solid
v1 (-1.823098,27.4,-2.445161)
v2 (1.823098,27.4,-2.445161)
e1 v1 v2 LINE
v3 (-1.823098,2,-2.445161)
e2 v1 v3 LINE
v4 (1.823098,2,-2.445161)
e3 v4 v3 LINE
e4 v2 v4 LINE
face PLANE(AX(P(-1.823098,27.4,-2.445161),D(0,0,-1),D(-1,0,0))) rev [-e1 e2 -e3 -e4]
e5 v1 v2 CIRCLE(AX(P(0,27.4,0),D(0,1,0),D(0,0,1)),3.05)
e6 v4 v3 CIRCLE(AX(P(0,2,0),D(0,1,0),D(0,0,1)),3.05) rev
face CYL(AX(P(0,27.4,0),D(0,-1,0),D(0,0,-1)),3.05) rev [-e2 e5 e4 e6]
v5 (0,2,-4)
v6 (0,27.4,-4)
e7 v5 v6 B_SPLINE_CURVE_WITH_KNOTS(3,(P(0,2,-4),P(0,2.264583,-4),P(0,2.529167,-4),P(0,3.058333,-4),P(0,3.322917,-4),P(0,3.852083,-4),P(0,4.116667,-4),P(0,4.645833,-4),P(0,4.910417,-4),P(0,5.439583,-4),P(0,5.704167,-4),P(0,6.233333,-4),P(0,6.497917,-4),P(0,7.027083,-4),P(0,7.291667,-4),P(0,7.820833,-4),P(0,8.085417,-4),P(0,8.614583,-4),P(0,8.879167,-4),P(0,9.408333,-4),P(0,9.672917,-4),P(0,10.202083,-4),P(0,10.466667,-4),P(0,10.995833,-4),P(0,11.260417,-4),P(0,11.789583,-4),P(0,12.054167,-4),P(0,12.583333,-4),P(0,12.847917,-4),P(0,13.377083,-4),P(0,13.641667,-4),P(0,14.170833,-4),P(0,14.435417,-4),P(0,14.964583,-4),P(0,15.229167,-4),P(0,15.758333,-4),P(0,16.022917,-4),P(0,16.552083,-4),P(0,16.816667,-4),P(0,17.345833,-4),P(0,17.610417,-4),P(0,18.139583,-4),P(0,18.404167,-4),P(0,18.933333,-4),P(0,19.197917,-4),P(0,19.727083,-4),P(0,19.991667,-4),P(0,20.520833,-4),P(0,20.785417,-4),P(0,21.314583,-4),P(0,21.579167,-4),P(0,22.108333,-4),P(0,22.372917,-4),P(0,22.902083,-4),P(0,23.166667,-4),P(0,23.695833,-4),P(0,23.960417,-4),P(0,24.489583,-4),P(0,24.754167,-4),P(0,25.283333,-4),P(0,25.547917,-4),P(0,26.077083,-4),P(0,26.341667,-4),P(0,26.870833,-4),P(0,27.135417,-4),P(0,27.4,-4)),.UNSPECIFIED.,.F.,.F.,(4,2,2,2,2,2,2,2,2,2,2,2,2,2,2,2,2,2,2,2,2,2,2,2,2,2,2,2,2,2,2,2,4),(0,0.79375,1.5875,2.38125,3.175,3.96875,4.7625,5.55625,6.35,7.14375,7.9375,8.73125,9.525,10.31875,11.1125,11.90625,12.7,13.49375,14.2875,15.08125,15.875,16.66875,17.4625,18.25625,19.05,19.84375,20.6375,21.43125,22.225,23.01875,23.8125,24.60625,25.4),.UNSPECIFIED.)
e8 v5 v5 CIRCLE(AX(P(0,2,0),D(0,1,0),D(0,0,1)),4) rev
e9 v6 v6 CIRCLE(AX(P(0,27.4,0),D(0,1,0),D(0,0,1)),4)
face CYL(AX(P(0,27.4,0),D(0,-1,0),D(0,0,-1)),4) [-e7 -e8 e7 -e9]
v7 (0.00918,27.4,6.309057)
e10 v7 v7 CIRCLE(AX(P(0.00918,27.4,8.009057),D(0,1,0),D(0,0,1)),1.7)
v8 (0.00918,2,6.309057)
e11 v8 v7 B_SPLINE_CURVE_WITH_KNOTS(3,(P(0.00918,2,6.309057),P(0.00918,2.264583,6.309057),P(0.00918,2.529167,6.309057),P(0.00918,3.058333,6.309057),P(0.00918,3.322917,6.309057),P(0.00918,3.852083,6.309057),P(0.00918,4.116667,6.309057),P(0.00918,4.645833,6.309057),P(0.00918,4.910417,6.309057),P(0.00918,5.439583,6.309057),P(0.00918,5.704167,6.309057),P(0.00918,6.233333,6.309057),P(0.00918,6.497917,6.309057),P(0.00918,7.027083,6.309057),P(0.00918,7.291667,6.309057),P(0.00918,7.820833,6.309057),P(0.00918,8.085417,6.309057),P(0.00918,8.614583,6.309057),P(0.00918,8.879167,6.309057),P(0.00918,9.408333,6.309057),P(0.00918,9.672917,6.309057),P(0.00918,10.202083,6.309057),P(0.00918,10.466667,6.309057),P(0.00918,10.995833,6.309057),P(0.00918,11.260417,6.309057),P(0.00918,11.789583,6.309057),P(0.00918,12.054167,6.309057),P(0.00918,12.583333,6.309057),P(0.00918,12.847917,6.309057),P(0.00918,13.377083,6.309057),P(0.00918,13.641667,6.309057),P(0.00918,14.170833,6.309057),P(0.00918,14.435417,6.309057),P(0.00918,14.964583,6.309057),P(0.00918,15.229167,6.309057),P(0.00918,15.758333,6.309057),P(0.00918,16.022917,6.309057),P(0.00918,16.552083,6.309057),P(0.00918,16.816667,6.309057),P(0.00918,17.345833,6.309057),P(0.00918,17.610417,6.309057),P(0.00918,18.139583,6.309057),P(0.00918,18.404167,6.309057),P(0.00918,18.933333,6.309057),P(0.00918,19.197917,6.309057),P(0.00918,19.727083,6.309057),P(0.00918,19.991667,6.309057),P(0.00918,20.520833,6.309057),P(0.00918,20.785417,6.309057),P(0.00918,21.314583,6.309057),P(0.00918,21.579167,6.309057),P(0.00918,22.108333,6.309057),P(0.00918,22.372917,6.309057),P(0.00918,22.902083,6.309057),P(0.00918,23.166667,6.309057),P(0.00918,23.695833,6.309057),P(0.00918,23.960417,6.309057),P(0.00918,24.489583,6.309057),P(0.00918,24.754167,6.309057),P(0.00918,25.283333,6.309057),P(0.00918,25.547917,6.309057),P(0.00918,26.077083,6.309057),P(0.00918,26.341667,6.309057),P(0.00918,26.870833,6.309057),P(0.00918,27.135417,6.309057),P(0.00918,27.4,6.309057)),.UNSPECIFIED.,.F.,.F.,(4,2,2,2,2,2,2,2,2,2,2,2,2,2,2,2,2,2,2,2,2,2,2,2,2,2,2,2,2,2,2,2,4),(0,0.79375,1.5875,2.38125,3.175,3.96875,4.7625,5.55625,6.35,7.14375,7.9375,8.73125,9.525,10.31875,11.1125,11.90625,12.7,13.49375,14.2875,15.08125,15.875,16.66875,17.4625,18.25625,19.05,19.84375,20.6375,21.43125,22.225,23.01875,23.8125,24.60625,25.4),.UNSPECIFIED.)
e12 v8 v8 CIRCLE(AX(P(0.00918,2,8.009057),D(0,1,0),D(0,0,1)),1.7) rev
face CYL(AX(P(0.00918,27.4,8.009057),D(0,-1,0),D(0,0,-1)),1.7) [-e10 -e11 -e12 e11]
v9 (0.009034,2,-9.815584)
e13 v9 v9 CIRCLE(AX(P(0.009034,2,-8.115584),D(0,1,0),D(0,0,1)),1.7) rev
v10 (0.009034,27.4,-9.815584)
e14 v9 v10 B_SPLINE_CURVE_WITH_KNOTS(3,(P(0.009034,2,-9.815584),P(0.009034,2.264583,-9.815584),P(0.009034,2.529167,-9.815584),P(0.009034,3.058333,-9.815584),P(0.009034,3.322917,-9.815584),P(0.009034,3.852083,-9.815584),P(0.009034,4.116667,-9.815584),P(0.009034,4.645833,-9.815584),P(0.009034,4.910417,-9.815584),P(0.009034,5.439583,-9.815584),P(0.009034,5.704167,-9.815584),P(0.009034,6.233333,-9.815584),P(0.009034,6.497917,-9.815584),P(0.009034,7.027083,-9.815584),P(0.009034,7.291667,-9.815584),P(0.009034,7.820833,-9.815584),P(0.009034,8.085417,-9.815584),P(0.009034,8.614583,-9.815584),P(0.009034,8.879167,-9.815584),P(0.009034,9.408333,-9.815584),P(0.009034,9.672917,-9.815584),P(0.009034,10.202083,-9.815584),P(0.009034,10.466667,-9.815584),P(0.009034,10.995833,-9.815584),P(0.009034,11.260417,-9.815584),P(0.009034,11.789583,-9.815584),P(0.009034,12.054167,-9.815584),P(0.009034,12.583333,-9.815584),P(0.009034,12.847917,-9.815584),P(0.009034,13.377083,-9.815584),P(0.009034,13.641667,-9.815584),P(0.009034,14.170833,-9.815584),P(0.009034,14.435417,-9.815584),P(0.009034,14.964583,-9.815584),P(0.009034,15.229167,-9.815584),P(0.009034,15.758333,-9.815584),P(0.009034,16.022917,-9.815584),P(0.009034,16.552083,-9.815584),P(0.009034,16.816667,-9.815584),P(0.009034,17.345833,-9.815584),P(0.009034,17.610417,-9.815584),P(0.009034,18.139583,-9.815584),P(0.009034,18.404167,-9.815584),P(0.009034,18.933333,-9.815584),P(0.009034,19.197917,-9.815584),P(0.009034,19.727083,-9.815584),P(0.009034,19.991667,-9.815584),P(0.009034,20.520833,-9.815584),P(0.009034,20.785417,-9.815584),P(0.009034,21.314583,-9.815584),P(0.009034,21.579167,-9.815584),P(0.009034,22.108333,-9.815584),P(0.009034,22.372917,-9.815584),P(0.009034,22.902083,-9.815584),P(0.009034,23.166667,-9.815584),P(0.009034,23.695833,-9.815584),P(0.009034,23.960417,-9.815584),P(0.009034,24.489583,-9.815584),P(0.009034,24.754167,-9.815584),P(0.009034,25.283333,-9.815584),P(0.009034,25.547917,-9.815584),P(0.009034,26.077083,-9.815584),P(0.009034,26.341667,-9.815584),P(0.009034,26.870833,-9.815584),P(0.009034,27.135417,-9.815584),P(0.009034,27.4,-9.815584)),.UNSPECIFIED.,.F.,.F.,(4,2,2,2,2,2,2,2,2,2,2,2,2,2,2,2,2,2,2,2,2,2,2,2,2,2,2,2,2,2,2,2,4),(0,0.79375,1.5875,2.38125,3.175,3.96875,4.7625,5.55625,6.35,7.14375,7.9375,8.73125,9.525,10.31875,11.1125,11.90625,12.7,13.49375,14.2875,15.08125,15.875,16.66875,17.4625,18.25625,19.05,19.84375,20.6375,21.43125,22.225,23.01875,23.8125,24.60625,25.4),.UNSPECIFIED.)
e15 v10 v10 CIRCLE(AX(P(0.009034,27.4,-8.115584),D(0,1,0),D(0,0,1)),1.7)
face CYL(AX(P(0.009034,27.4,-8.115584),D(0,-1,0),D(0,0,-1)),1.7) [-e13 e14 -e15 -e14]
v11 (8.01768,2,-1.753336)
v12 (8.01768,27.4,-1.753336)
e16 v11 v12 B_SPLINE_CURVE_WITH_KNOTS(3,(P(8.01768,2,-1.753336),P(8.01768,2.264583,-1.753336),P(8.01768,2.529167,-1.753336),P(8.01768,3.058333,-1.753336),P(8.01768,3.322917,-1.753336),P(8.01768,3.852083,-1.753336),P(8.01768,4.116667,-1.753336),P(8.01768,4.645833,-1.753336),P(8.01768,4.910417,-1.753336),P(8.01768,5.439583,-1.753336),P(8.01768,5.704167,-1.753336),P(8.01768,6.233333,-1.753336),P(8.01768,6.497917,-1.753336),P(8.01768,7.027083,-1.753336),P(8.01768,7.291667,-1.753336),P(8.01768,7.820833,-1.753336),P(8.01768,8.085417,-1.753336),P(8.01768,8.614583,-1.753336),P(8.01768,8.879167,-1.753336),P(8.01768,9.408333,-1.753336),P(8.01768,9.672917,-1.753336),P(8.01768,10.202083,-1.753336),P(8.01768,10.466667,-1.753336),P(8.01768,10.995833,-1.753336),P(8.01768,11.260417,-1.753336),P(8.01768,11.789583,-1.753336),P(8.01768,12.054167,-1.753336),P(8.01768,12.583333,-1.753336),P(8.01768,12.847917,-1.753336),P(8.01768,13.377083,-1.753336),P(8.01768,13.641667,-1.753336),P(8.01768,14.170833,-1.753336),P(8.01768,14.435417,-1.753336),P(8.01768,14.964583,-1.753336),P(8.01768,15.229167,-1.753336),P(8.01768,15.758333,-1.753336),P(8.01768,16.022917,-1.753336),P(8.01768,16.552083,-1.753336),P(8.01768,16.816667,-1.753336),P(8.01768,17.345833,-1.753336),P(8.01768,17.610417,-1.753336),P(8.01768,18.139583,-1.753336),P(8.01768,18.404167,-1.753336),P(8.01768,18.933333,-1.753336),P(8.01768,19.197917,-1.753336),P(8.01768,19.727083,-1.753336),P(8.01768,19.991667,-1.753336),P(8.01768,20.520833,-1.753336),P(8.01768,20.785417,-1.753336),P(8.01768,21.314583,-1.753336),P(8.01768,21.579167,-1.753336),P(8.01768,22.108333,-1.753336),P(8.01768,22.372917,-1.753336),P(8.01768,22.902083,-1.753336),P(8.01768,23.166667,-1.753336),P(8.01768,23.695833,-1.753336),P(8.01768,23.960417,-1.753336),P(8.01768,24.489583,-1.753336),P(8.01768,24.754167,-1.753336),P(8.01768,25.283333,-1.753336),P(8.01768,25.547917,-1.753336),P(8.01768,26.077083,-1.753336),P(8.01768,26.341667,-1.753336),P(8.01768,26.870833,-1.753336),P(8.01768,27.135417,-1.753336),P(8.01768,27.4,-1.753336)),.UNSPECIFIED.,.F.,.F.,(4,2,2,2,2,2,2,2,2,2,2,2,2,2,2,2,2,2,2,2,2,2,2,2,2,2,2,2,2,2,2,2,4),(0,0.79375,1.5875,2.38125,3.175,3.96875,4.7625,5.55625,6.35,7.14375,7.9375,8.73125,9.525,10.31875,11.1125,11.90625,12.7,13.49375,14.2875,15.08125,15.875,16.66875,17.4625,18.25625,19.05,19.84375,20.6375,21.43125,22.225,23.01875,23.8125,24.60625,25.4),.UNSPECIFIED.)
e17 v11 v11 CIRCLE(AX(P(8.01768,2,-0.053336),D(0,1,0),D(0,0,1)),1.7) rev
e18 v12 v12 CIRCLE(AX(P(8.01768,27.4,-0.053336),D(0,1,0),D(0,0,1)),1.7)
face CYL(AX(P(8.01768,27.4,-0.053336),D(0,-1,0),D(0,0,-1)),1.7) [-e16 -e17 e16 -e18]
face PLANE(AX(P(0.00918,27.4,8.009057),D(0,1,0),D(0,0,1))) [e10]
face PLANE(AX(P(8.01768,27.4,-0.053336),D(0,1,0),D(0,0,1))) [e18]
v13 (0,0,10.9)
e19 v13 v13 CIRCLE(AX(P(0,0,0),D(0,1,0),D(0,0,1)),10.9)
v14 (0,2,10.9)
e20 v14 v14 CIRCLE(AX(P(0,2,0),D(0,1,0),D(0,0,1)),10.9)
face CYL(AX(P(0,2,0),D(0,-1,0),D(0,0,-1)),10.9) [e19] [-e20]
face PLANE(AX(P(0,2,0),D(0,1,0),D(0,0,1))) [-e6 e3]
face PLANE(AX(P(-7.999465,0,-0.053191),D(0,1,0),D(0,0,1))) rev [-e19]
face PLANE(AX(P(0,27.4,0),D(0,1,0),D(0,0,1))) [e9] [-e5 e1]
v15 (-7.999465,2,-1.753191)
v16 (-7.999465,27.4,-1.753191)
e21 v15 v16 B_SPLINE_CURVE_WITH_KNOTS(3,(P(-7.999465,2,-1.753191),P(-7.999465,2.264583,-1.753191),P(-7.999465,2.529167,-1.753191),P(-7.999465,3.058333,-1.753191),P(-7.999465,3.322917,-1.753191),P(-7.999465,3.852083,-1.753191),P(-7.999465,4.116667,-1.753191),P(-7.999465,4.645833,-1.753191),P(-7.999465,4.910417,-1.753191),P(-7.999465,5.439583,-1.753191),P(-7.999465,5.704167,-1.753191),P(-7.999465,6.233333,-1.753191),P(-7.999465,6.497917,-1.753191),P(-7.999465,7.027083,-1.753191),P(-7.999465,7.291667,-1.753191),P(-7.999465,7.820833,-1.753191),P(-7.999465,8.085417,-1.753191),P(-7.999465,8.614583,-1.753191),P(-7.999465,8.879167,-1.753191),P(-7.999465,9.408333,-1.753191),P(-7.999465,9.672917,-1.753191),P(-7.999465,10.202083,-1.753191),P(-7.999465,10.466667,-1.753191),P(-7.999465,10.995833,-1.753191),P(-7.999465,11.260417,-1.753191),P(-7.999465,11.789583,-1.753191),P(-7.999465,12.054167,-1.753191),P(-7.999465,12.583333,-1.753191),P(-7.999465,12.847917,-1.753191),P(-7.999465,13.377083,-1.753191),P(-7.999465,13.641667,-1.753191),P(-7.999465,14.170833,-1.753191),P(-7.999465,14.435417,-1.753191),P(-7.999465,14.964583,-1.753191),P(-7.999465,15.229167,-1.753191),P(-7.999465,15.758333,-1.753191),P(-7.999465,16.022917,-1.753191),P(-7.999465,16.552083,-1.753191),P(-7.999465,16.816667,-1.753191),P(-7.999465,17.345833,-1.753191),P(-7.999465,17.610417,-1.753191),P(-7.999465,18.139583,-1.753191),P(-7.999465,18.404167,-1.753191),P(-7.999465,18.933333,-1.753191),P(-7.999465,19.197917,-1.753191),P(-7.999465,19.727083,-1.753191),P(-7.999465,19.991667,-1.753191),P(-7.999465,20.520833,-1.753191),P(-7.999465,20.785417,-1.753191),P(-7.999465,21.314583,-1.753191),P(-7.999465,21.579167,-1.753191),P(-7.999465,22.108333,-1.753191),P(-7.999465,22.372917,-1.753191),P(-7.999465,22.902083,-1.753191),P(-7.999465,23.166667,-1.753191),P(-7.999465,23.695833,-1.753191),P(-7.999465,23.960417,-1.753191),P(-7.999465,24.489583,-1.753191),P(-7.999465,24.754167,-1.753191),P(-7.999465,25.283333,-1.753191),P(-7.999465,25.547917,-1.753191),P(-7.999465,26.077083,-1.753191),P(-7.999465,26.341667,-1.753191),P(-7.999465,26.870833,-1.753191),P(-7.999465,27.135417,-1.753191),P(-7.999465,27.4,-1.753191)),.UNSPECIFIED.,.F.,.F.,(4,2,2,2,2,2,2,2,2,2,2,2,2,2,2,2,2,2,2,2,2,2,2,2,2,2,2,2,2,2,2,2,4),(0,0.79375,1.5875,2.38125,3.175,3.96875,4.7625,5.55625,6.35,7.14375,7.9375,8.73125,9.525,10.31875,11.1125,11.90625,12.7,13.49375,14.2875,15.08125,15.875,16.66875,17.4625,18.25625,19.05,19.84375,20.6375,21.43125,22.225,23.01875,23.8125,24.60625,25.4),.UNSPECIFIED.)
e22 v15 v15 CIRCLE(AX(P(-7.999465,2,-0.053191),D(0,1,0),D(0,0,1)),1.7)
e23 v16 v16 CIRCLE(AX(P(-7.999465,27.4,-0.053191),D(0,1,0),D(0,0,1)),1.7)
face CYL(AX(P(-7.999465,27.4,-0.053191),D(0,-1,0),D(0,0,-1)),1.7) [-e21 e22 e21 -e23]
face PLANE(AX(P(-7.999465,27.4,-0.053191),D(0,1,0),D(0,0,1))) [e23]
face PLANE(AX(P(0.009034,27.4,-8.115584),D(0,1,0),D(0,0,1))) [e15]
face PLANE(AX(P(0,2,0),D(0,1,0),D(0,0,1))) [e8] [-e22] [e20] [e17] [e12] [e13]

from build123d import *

# Parameters (mm, degrees)
SKETCH3_R             = 1.7
BOSS_EXTRUDE1_DEPTH   = 27.4
BOSS_EXTRUDE1_2_DEPTH = 27.4
BOSS_EXTRUDE1_3_DEPTH = 27.4
BOSS_EXTRUDE1_4_DEPTH = 27.4
SKETCH3_R_2           = 4
BOSS_EXTRUDE1_5_DEPTH = 27.4
SKETCH3_17_R          = 10.9
BOSS_EXTRUDE2_DEPTH   = 2


with BuildPart() as part:
    # Sketch3 → Boss-Extrude1 (new body)
    with BuildSketch(Plane(origin=(0, 0, 0), x_dir=(1, 0, 0), z_dir=(0, 1, 0))):
        with Locations(Location((0.009034474, 8.115584077, 0), (0, 0, 90))):
            Circle(SKETCH3_R)
    extrude(amount=BOSS_EXTRUDE1_DEPTH)



with BuildPart() as body_2:
    # Sketch3 → Boss-Extrude1 2 (new body)
    with BuildSketch(Plane(origin=(0, 0, 0), x_dir=(1, 0, 0), z_dir=(0, 1, 0))):
        with Locations(Location((8.017679827, 0.053335715, 0), (0, 0, 90))):
            Circle(SKETCH3_R)
    extrude(amount=BOSS_EXTRUDE1_2_DEPTH)


with BuildPart() as body_3:
    # Sketch3 → Boss-Extrude1 3 (new body)
    with BuildSketch(Plane(origin=(0, 0, 0), x_dir=(1, 0, 0), z_dir=(0, 1, 0))):
        with Locations(Location((0.009179949, -8.009057152, 0), (0, 0, 90))):
            Circle(SKETCH3_R)
    extrude(amount=BOSS_EXTRUDE1_3_DEPTH)


with BuildPart() as body_4:
    # Sketch3 → Boss-Extrude1 4 (new body)
    with BuildSketch(Plane(origin=(0, 0, 0), x_dir=(1, 0, 0), z_dir=(0, 1, 0))):
        with Locations(Location((-7.999465404, 0.05319121, 0), (0, 0, 90))):
            Circle(SKETCH3_R)
    extrude(amount=BOSS_EXTRUDE1_4_DEPTH)


with BuildPart() as body_5:
    # Sketch3 → Boss-Extrude1 5 (new body)
    with BuildSketch(Plane(origin=(0, 0, 0), x_dir=(1, 0, 0), z_dir=(0, 1, 0))):
        with Locations(Location((0, 0, 0), (0, 0, 90))):
            Circle(SKETCH3_R_2)
        with BuildLine():
            Line((-1.823098343, 2.445161023), (1.823098343, 2.445161023))
            ThreePointArc((1.823098343, 2.445161023), (0, -3.05), (-1.823098343, 2.445161023))
        make_face(mode=Mode.SUBTRACT)
    extrude(amount=BOSS_EXTRUDE1_5_DEPTH)


with BuildPart() as part_1:
    add(part.part)

    add(body_2.part)  # Boss-Extrude2 merges body 2

    add(body_3.part)  # Boss-Extrude2 merges body 3

    add(body_4.part)  # Boss-Extrude2 merges body 4

    add(body_5.part)  # Boss-Extrude2 merges body 5
    # Sketch3<17> → Boss-Extrude2 (add)
    with BuildSketch(Plane(origin=(0, 0, 0), x_dir=(1, 0, 0), z_dir=(0, 1, 0))):
        with Locations(Location((0, 0, 0), (0, 0, 270))):
            Circle(SKETCH3_17_R)
    extrude(amount=BOSS_EXTRUDE2_DEPTH)


solid = part_1.part
